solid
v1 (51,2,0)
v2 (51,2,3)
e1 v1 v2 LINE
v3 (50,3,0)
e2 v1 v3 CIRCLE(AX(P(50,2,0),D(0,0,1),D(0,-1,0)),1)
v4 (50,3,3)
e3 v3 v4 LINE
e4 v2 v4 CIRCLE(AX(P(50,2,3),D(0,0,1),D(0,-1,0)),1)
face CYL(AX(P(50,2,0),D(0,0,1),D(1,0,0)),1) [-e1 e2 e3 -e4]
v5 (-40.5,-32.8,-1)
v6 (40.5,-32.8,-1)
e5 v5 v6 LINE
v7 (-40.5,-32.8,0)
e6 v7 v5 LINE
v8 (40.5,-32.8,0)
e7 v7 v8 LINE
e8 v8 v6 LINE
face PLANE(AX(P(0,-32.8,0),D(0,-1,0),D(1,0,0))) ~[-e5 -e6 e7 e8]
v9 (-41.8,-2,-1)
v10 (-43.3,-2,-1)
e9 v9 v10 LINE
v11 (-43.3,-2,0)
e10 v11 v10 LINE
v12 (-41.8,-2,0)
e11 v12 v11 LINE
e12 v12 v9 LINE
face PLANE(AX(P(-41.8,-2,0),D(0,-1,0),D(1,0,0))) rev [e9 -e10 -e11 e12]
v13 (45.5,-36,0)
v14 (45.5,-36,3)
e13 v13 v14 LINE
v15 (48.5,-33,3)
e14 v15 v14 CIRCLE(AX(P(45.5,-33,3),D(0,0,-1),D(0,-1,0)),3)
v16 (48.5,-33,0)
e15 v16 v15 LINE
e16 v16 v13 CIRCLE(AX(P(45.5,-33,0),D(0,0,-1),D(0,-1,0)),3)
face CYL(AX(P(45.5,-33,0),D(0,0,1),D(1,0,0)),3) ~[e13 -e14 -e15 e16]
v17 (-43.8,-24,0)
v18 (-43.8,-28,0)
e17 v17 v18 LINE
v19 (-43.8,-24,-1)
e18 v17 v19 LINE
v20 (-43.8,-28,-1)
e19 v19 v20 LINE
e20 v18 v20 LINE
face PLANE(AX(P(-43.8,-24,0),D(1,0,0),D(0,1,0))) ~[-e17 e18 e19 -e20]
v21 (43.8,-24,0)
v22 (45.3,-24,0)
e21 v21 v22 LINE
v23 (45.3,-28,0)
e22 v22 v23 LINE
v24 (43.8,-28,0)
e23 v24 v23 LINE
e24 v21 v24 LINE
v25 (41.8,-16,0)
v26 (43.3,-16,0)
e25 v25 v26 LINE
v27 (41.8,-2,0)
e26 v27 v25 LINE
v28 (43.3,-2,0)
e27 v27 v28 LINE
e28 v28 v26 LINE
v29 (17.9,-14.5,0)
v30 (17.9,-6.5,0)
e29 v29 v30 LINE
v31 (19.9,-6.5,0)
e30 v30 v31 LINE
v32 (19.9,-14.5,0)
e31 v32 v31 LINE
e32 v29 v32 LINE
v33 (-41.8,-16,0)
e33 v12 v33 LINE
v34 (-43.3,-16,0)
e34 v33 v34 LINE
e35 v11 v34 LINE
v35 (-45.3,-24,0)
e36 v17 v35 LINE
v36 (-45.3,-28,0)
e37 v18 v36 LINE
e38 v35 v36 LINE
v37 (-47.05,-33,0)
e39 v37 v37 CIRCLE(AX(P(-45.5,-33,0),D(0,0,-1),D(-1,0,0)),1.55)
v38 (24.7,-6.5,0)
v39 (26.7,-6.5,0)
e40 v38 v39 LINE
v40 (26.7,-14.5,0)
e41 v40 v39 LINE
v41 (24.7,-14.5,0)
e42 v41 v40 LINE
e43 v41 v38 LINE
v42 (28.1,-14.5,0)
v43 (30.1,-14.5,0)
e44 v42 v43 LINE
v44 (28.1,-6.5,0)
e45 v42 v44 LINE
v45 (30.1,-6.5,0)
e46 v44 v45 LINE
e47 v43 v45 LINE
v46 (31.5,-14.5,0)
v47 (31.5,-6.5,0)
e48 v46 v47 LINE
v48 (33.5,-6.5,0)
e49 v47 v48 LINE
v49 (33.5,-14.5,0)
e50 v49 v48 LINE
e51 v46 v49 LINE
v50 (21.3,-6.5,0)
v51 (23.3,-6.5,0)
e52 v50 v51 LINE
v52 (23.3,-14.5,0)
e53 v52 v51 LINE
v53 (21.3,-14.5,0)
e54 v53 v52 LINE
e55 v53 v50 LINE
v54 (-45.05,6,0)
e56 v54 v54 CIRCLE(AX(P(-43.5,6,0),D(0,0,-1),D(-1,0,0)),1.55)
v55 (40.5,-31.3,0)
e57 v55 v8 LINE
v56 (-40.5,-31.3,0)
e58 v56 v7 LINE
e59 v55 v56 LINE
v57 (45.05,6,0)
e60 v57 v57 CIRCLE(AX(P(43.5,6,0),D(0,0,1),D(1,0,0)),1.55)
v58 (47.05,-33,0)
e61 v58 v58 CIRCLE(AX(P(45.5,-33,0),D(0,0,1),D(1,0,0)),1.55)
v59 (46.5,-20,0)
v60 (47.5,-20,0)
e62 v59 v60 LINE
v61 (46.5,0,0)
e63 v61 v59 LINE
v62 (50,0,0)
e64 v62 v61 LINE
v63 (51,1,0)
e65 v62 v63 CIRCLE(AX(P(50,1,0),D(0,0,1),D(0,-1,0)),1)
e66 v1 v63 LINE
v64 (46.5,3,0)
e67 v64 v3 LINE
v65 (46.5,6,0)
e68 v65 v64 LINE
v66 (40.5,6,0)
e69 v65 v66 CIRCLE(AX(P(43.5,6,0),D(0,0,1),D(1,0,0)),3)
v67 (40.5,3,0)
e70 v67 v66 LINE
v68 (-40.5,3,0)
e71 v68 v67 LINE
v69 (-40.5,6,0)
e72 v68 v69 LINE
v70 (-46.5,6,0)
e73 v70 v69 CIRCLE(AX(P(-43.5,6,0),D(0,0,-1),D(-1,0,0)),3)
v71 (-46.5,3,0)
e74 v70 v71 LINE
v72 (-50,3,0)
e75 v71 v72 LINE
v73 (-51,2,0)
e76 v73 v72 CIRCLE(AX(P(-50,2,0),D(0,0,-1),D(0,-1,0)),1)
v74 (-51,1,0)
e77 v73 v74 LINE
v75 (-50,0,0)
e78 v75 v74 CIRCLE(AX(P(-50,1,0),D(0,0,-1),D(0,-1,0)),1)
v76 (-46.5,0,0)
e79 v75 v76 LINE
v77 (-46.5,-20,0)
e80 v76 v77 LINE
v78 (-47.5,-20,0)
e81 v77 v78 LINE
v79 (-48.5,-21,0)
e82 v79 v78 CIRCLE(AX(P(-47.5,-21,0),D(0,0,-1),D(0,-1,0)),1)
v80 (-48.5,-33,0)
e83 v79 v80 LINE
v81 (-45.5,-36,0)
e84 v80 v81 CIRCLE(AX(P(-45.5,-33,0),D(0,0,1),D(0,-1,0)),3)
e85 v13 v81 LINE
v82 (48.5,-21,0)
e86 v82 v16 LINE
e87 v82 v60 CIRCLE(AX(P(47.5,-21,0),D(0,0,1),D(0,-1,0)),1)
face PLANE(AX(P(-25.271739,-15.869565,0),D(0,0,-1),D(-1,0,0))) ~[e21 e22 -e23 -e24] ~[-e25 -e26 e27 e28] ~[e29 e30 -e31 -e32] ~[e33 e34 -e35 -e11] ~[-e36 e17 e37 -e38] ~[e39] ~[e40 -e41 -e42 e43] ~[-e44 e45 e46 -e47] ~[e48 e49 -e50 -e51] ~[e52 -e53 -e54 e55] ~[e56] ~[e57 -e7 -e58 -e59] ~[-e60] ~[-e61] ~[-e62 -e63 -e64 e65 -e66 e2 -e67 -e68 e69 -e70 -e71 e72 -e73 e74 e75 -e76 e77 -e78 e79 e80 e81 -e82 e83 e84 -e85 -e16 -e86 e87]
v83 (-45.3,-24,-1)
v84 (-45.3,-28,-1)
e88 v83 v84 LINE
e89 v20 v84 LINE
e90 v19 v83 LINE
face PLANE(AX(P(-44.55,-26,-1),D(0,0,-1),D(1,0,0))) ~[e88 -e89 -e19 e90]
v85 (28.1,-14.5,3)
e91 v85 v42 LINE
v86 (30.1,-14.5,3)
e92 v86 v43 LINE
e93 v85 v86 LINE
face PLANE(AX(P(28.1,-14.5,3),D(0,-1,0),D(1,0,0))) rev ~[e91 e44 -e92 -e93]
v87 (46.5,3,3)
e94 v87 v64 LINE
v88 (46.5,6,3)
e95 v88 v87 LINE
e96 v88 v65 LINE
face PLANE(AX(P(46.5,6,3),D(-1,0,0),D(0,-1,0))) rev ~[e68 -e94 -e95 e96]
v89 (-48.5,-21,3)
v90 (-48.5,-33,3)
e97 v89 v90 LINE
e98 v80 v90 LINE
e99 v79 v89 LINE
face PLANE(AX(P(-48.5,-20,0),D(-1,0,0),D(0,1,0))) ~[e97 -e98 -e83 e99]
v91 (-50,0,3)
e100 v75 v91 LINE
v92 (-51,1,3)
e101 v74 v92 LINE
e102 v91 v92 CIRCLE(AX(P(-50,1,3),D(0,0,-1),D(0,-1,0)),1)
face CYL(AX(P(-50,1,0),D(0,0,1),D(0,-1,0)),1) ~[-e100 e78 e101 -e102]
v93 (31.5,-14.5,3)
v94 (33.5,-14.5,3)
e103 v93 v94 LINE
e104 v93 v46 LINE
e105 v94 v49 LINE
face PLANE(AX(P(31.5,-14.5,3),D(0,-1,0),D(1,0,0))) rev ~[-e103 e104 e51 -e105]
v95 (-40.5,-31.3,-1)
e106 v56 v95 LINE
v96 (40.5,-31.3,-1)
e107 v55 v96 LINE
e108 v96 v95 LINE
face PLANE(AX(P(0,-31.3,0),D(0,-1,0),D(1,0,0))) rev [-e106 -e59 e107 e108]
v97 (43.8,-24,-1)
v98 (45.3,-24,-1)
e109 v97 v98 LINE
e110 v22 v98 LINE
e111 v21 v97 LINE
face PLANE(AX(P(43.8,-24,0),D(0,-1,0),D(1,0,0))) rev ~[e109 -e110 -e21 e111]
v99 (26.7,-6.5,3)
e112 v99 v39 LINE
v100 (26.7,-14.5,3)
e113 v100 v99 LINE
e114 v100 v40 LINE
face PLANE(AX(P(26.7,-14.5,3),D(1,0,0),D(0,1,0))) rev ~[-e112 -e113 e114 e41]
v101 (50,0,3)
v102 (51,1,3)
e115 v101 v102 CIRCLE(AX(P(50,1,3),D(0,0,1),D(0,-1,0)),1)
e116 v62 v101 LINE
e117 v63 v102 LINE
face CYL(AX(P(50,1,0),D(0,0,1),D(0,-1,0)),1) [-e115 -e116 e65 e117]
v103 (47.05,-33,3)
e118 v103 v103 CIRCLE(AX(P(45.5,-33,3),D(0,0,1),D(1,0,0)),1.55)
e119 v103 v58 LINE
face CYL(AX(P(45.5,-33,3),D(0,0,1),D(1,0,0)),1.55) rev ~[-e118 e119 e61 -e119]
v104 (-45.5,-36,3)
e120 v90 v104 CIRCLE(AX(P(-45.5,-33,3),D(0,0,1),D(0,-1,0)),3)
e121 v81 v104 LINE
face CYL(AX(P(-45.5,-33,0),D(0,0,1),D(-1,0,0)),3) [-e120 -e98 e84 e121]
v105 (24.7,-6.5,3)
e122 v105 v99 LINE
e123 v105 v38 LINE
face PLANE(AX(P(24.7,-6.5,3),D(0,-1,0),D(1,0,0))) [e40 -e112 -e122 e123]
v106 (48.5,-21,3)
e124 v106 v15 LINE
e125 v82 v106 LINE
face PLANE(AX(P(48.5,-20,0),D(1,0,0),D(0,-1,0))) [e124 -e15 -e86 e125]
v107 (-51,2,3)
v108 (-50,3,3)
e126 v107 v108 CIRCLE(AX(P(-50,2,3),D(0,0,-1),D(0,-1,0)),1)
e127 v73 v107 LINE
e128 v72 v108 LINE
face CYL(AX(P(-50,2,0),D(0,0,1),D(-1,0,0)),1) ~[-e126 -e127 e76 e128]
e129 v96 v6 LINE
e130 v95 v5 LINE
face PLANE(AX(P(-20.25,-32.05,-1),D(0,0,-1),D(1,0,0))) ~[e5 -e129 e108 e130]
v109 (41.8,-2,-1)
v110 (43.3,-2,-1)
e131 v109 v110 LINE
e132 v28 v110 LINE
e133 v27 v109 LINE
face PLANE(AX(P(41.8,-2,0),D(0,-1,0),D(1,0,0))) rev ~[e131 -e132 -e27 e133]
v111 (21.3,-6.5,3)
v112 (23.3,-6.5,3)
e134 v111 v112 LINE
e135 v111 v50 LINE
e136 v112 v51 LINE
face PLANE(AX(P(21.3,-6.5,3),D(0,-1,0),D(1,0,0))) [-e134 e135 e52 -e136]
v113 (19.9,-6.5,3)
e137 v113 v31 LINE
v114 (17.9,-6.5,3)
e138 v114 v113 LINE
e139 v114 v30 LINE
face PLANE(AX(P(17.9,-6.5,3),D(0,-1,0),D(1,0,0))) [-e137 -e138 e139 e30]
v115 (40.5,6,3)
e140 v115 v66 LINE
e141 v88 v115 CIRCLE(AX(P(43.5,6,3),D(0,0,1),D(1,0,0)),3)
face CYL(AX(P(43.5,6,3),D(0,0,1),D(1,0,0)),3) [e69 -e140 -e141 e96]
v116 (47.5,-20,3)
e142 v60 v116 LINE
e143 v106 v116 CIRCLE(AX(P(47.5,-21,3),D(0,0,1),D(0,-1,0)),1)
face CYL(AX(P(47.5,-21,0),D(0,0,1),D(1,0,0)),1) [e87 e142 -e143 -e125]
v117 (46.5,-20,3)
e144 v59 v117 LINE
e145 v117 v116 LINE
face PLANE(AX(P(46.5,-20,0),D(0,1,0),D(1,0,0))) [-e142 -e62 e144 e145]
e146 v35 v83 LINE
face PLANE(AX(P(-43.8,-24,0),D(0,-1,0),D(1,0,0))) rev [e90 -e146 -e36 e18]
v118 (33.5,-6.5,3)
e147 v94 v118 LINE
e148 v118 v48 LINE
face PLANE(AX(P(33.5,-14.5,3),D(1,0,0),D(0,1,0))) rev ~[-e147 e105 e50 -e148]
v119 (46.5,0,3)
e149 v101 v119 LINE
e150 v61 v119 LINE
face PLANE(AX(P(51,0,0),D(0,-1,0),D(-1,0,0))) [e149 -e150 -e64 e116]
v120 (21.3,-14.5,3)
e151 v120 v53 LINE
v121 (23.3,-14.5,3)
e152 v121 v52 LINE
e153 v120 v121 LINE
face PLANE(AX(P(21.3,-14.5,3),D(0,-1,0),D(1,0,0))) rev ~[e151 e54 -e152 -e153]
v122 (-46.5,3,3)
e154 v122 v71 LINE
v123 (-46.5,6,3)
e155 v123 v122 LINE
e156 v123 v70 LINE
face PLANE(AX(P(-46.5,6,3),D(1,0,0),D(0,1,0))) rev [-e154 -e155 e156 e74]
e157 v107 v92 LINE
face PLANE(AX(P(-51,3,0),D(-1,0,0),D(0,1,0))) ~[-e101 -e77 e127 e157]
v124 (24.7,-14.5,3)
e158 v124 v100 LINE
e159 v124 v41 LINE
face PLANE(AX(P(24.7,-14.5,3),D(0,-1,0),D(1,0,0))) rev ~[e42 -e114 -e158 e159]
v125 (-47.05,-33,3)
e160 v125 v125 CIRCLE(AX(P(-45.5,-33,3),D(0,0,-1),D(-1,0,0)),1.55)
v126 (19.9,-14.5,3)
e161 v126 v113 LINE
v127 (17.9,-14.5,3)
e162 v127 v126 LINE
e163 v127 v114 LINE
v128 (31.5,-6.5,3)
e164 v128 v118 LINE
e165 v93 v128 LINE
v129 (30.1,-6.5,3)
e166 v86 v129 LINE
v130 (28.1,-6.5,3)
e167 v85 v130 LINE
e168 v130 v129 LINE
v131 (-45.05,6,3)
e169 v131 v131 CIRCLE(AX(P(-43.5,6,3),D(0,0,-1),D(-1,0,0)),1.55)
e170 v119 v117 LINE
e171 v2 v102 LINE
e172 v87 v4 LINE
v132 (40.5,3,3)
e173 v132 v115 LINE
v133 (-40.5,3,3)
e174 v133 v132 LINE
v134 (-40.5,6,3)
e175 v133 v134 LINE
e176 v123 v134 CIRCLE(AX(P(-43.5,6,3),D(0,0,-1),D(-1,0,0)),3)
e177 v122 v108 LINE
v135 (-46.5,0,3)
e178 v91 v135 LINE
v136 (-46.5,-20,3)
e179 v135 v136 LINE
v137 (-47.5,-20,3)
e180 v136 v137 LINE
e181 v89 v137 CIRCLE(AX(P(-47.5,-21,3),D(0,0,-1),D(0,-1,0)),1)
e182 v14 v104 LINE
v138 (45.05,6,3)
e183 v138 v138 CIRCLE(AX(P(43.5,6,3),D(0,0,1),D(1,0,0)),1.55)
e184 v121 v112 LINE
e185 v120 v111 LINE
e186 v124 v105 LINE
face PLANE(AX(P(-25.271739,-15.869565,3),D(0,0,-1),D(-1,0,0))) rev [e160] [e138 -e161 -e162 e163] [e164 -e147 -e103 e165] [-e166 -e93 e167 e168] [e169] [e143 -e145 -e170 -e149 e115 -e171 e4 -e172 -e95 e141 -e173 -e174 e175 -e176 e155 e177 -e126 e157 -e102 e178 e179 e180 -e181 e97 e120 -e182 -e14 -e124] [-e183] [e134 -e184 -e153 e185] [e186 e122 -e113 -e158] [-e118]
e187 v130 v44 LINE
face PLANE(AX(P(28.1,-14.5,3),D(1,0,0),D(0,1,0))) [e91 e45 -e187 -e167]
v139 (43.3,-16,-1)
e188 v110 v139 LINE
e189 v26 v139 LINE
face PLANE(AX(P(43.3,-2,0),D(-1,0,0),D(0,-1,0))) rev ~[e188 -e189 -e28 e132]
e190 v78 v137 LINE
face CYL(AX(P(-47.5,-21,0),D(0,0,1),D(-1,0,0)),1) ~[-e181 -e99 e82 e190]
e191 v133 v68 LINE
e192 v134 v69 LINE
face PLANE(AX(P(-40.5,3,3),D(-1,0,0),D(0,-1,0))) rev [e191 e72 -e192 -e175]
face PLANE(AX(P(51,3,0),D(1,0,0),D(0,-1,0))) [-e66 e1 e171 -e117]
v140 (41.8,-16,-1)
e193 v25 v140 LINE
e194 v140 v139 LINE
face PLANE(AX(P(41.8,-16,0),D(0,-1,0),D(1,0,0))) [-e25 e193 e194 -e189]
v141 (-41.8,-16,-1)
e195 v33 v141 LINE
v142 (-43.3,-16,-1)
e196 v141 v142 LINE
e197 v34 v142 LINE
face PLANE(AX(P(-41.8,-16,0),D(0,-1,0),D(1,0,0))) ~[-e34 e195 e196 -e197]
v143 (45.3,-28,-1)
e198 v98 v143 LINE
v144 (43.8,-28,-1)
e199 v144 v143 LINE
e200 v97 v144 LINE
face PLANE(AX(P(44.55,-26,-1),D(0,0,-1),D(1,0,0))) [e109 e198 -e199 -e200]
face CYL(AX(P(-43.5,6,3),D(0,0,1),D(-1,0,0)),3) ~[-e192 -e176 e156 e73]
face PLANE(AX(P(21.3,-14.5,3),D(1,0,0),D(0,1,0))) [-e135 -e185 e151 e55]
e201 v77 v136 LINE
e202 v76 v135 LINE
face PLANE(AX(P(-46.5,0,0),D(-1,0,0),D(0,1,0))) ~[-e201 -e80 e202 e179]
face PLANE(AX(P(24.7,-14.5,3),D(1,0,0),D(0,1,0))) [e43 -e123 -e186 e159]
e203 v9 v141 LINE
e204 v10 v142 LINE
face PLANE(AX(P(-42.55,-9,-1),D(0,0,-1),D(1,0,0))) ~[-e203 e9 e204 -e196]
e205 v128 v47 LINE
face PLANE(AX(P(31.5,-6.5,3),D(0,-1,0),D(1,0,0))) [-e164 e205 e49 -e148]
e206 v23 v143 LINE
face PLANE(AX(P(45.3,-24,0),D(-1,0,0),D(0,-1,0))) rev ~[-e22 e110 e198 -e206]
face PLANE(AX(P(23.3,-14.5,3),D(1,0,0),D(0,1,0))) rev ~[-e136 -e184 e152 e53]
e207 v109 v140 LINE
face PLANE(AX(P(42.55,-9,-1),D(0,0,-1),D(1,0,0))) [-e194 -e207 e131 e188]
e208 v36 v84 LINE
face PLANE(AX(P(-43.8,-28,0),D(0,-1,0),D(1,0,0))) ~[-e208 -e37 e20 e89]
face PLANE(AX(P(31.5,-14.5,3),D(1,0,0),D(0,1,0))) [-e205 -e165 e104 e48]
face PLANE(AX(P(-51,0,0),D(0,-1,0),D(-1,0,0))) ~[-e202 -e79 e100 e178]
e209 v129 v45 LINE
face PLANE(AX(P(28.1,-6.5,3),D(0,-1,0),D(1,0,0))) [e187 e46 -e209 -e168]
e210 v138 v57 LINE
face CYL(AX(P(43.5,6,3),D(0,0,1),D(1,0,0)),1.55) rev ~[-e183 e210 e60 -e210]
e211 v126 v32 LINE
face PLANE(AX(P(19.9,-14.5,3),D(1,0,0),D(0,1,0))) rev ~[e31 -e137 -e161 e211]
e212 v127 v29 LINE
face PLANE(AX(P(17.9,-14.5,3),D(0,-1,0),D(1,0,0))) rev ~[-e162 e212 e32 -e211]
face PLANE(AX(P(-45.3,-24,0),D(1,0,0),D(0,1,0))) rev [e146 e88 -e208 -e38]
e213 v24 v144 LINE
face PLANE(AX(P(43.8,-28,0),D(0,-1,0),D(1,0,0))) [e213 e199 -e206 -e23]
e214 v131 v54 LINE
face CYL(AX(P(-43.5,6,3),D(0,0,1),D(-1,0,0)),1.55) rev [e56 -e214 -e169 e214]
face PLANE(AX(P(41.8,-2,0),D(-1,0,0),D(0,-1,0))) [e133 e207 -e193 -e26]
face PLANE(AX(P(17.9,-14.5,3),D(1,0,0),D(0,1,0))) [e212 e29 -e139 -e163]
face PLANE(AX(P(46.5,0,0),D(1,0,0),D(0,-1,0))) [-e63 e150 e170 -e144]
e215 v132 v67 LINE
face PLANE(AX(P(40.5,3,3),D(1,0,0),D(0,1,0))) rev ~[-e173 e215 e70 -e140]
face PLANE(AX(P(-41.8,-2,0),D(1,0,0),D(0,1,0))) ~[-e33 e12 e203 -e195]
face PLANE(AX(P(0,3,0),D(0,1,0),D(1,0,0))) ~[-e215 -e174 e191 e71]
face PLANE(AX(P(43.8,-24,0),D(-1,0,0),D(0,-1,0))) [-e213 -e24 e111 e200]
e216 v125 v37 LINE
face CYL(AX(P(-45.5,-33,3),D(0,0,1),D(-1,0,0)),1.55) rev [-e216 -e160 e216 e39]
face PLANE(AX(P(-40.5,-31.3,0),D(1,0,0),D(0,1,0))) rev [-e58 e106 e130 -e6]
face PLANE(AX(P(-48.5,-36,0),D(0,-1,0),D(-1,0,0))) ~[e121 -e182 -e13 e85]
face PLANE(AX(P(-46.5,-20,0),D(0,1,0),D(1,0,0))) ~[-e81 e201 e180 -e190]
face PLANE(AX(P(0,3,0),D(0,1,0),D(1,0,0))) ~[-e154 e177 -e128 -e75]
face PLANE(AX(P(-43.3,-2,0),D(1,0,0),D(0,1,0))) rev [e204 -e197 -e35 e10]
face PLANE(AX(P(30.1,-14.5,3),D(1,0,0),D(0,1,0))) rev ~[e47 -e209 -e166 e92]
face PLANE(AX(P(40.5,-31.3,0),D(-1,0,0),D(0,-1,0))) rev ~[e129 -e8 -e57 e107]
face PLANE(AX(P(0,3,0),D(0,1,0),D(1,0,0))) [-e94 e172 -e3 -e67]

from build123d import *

# Parameters (mm, degrees)
PAD_DEPTH           = 3
PAD001_DEPTH        = 3
FILLET_R            = 3
FILLET001_R         = 1
FILLET002_R         = 1
SKETCH003_W         = 1.5
SKETCH003_H         = 14
SKETCH003_H_2       = 4
SKETCH003_W_2       = 40.5
SKETCH003_H_3       = 1.5
PAD002_DEPTH        = 1
SKETCH005_R         = 1.55
POCKET001_DEPTH     = 5
SKETCH004_W         = 2
SKETCH004_H         = 8
POCKET_DEPTH        = 4.001
LINEARPATTERN_COUNT = 5
LINEARPATTERN_PITCH = 3.4


with BuildPart() as part:
    # Sketch → Pad (new body)
    with BuildSketch(Plane.XY):
        Polygon((0, 3), (51, 3), (51, 0), (46.5, 0), (46.5, -20), (48.5, -20), (48.5, -36), (0, -36), align=None)
    extrude(amount=PAD_DEPTH)

    # Sketch001 (on Face10 of Pad) → Pad001 (join)
    with BuildSketch(Plane.XY.offset(3)):
        with BuildLine():
            Line((46.5, 6), (46.5, 3))
            Line((46.5, 3), (40.5, 3))
            Line((40.5, 3), (40.5, 6))
            ThreePointArc((46.5, 6), (43.5, 9), (40.5, 6))
        make_face()
    extrude(amount=-PAD001_DEPTH)

    # Fillet
    fillet_edges = [part.edges().sort_by_distance(p)[0] for p in [
        (48.5, -36, 1.5),
    ]]
    fillet(fillet_edges, radius=FILLET_R)

    # Fillet001
    fillet001_edges = [part.edges().sort_by_distance(p)[0] for p in [
        (48.5, -20, 1.5),
    ]]
    fillet(fillet001_edges, radius=FILLET001_R)

    # Fillet002
    fillet002_edges = [part.edges().sort_by_distance(p)[0] for p in [
        (51, 3, 1.5),
        (51, 0, 1.5),
    ]]
    fillet(fillet002_edges, radius=FILLET002_R)

    # Sketch003 → Pad002 (join)
    with BuildSketch(Plane(origin=(0, 0, 0), x_dir=(1, 0, 0), z_dir=(0, 0, -1))):
        with Locations((42.55, 9)):
            Rectangle(SKETCH003_W, SKETCH003_H)
        with Locations((44.55, 26)):
            Rectangle(SKETCH003_W, SKETCH003_H_2)
        with Locations((20.25, 32.05)):
            Rectangle(SKETCH003_W_2, SKETCH003_H_3)
    extrude(amount=PAD002_DEPTH)

    # Sketch005 (on Face28 of Pad002) → Pocket001 (cut)
    with BuildSketch(Plane.XY.offset(3)):
        with Locations((43.5, 6)):
            Circle(SKETCH005_R)
        with Locations((45.5, -33)):
            Circle(SKETCH005_R)
    extrude(amount=-POCKET001_DEPTH, mode=Mode.SUBTRACT)

    # Mirrored: part across YZ


with BuildPart() as part_1:
    add(part.part)
    add(part.part.mirror(Plane.YZ))

    # Sketch004 (on Face58 of Mirrored) → Pocket (cut, through all)
    with BuildSketch(Plane.XY.offset(3)):
        with Locations((32.5, -10.5)):
            Rectangle(SKETCH004_W, SKETCH004_H)
    pocket = extrude(amount=-POCKET_DEPTH, mode=Mode.SUBTRACT)

    # LinearPattern: Pocket ×5
    with Locations(*[(-i * LINEARPATTERN_PITCH, 0, 0) for i in range(1, LINEARPATTERN_COUNT)]):
        add(pocket, mode=Mode.SUBTRACT)


solid = part_1.part
